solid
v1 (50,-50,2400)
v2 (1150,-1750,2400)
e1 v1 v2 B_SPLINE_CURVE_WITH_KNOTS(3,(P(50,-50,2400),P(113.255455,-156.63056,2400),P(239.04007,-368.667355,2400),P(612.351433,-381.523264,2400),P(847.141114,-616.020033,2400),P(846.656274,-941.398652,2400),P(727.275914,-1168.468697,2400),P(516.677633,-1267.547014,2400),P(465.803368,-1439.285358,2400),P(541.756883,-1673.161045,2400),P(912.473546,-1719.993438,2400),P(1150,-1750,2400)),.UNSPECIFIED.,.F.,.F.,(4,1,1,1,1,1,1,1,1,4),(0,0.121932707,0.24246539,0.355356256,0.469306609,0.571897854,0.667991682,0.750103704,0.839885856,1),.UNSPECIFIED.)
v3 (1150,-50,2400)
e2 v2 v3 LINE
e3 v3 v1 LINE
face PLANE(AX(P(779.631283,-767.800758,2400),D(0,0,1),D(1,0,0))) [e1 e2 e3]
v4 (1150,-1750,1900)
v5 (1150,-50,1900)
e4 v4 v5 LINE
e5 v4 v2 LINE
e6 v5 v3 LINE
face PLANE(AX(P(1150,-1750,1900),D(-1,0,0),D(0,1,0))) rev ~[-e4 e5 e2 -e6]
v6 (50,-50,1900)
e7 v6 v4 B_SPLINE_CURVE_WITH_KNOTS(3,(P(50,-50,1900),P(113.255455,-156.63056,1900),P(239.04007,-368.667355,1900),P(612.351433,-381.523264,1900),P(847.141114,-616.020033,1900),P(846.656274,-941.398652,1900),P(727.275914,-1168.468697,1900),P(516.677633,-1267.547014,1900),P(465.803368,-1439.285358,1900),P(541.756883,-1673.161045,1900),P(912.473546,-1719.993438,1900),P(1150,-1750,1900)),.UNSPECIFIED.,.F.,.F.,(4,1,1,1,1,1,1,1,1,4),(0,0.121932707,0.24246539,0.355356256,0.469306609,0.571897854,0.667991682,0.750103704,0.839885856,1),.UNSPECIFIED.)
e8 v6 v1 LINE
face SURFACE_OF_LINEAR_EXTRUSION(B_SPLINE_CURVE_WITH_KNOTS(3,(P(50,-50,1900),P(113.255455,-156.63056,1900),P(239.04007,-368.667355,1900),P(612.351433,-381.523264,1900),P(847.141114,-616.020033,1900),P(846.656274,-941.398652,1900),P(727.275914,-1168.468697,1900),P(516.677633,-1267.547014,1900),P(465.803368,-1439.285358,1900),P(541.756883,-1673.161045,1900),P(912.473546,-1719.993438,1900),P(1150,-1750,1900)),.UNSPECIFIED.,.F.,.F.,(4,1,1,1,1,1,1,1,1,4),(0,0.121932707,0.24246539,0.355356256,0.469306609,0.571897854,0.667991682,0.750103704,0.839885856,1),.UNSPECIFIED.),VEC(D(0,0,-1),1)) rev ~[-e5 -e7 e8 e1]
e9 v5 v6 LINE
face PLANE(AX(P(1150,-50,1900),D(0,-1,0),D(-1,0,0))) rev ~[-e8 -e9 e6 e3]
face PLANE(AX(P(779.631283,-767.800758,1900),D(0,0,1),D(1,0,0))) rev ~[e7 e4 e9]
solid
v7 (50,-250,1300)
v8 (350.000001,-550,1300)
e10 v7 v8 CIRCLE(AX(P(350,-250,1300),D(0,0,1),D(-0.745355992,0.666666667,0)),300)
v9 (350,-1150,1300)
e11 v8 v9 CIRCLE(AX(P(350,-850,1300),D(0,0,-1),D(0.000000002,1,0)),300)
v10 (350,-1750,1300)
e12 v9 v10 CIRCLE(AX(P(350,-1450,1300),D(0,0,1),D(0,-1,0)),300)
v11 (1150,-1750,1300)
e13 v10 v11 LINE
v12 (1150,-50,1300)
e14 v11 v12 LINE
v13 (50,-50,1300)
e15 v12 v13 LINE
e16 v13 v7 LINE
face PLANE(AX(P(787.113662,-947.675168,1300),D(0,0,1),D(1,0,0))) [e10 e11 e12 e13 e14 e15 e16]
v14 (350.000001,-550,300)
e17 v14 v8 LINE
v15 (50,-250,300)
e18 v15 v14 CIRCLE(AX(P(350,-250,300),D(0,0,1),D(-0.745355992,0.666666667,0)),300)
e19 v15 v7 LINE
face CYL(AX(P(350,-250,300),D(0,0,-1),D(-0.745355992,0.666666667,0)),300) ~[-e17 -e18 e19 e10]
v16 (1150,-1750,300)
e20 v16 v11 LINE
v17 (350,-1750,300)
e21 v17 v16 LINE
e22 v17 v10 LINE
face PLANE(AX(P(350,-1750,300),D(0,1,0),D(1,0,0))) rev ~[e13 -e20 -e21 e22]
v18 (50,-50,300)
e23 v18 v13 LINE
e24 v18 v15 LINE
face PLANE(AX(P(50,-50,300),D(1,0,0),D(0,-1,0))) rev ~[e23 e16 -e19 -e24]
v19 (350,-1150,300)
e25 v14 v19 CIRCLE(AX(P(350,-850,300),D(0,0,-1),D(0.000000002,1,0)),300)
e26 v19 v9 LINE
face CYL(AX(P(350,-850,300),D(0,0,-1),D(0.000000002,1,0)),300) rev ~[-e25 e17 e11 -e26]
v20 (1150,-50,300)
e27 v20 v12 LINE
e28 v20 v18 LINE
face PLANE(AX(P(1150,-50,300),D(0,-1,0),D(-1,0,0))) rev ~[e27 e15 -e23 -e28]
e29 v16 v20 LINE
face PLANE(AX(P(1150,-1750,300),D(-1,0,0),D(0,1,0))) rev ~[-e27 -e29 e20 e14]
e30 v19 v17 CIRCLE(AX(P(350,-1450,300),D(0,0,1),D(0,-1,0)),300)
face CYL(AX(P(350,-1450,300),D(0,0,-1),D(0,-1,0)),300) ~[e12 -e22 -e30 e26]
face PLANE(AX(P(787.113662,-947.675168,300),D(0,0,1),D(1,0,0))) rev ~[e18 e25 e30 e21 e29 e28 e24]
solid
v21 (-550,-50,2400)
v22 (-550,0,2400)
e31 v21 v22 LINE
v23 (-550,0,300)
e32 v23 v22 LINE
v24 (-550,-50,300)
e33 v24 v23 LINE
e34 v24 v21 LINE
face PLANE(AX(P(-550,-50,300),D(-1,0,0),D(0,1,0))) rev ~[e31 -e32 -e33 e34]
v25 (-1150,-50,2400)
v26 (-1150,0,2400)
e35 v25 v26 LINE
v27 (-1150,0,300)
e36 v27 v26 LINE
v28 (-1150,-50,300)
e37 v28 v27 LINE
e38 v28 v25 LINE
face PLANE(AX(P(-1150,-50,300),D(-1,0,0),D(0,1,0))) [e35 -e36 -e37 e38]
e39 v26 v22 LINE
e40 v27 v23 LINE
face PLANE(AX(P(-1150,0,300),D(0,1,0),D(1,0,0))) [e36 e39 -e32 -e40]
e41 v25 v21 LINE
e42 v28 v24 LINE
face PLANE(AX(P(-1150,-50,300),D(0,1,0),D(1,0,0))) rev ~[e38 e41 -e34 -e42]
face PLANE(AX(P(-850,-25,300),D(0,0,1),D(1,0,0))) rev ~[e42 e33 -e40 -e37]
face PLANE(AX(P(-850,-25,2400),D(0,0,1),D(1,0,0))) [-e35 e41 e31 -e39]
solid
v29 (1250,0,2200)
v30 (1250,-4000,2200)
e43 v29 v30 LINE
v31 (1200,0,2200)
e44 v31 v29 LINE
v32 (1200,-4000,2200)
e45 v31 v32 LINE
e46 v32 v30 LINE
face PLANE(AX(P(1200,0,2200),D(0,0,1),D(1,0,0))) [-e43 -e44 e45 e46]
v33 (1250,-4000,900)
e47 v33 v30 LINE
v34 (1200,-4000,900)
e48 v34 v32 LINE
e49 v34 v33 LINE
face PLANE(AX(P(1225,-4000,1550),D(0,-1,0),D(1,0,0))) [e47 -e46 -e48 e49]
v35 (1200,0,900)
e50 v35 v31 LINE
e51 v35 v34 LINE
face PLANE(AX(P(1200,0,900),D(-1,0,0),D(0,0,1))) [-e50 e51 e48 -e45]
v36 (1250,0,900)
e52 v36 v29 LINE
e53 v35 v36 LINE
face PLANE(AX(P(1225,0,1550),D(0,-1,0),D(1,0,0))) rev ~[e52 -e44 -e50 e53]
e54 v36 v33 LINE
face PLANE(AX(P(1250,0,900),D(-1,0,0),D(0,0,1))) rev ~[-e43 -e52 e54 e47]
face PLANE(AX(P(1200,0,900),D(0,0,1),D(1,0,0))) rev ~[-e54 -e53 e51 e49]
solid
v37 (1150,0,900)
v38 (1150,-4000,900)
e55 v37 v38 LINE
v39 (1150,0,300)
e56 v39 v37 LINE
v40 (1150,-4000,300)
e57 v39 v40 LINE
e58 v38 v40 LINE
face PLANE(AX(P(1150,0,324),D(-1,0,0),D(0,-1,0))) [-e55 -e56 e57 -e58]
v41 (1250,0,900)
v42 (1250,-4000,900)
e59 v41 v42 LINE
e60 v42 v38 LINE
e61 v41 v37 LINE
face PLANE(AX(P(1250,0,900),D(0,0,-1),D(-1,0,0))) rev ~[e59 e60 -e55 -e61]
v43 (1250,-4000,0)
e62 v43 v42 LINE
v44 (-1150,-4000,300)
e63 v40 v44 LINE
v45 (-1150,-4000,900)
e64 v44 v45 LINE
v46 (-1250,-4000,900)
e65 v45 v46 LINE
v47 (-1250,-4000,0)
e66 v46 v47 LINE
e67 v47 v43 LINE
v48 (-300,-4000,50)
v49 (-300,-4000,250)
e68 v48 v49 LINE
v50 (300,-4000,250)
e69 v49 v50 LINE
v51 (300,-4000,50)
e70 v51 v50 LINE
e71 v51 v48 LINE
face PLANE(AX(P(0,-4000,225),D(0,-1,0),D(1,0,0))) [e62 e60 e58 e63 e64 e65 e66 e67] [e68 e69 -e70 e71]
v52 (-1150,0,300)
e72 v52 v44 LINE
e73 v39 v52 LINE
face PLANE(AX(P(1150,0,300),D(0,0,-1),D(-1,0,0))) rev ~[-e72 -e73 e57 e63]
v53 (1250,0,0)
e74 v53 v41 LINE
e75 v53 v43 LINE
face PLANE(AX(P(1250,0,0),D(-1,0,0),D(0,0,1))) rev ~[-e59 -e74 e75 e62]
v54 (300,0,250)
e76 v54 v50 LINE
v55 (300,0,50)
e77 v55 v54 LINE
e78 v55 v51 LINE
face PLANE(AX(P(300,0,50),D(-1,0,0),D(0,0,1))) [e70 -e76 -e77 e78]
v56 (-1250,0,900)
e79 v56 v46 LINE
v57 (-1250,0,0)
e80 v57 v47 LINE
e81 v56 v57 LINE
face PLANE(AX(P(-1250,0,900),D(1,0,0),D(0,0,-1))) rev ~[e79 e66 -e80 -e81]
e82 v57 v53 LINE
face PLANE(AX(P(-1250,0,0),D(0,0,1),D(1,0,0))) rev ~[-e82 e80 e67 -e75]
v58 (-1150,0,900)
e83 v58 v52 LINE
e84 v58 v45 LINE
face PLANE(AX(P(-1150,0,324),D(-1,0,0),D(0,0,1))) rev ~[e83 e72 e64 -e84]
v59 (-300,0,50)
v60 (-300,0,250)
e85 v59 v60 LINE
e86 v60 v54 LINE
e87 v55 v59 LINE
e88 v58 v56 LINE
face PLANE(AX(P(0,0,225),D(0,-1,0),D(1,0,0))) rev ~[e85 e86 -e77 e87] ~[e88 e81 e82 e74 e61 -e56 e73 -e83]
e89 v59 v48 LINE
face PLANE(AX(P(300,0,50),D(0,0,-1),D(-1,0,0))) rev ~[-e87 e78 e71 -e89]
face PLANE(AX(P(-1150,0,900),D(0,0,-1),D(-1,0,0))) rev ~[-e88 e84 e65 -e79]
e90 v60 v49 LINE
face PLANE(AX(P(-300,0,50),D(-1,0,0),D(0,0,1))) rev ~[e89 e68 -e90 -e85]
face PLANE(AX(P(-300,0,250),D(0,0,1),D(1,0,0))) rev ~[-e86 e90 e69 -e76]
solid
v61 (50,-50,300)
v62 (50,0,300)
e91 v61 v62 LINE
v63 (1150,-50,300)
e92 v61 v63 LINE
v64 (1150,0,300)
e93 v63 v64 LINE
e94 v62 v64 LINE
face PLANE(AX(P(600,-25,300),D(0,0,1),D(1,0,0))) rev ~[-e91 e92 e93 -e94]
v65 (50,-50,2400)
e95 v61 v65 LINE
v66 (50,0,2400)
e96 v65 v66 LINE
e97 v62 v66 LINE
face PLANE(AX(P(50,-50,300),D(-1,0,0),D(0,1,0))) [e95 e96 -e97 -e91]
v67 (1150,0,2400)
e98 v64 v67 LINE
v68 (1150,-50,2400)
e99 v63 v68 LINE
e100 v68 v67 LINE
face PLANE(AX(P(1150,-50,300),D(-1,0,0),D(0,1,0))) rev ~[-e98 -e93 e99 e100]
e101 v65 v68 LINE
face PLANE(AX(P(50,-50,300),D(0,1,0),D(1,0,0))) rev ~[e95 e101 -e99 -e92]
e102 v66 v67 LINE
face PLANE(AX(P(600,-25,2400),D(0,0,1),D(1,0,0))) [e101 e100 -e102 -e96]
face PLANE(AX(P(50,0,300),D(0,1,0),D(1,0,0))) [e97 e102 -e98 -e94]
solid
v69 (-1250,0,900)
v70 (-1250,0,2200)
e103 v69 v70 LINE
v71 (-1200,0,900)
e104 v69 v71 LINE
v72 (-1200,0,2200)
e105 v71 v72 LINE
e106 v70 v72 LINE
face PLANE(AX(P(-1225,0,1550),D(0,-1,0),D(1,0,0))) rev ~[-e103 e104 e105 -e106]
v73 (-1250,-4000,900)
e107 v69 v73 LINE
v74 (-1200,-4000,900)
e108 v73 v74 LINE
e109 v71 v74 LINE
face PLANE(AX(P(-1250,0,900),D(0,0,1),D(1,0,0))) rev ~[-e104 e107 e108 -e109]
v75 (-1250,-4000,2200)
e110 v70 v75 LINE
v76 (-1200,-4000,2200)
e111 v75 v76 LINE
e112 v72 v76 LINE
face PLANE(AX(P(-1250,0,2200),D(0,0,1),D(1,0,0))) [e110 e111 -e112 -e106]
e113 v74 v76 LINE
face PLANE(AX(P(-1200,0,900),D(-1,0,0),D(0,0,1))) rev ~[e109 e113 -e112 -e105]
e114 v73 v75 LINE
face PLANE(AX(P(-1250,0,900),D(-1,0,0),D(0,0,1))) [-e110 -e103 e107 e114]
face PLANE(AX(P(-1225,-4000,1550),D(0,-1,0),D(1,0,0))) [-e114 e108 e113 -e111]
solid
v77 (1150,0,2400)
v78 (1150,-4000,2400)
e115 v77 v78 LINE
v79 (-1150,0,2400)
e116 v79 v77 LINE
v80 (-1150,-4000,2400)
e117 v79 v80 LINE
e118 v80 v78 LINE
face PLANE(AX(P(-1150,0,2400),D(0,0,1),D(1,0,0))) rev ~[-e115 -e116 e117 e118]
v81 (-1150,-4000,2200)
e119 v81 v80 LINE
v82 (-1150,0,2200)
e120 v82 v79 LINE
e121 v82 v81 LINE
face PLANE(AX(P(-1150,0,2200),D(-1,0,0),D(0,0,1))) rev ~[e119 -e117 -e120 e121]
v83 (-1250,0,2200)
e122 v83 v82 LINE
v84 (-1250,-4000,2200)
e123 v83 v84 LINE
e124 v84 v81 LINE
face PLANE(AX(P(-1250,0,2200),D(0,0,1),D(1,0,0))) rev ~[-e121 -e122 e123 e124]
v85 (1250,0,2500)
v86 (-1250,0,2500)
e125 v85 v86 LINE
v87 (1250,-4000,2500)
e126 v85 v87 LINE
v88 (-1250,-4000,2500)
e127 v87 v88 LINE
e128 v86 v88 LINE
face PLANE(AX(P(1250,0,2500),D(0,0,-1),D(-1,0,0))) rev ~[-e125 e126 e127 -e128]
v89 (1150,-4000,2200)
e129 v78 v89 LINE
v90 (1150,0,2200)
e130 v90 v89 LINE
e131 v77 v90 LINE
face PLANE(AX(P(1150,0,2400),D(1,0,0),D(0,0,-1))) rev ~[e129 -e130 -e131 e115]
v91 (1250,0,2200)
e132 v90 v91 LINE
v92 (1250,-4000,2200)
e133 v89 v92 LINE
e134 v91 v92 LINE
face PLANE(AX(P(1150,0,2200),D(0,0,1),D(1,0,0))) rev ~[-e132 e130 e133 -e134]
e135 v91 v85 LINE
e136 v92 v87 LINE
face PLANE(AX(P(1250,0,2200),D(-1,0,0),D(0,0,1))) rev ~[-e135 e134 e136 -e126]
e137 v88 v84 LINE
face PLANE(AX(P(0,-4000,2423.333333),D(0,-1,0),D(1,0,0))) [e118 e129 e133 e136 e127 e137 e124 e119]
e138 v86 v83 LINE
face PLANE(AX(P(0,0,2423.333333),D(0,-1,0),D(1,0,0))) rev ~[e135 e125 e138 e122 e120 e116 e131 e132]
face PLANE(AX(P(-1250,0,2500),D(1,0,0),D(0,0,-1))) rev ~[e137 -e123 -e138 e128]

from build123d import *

# Parameters (mm, degrees)
F0_W      = 850
F0_H      = 200
F1_DEPTH  = 4000
F0_W_2    = 50
F0_H_2    = 1300
F2_DEPTH  = 4000
F3_DEPTH  = 24
F4_W      = 600
F4_H      = 50
F5_DEPTH  = 2100
F4_W_2    = 1100
F7_DEPTH  = 1000
F9_DEPTH  = 600
F11_DEPTH = 500


with BuildPart() as f1:
    # F0 (on Front) → F1 (new body)
    with BuildSketch(Plane.XZ):
        Polygon((-1250, 0), (0, 0), (1250, 0), (1250, 900), (1200, 900), (1150, 900), (1150, 324), (1150, 250), (1150, 50), (300, 50), (-300, 50), (-1150, 50), (-1150, 250), (-1150, 324), (-1150, 900), (-1200, 900), (-1250, 900), align=None)
        with Locations((725, 150)):
            Rectangle(F0_W, F0_H)
        with Locations((-725, 150)):
            Rectangle(F0_W, F0_H)
        Polygon((1150, 250), (1150, 324), (-1150, 324), (-1150, 250), (-300, 250), (300, 250), align=None)
    extrude(amount=F1_DEPTH)

    # F3 (cut): a face of the model
    f3_faces = [f1.faces().sort_by_distance(p)[0] for p in [
        (0, -2000, 324),
    ]]
    extrude(f3_faces, amount=-F3_DEPTH, mode=Mode.SUBTRACT)


with BuildPart() as f1b:
    # F0 (on Front) → F1, piece 2 (new body)
    with BuildSketch(Plane.XZ):
        Polygon((1200, 2200), (1250, 2200), (1250, 2500), (-1250, 2500), (-1250, 2200), (-1200, 2200), (-1150, 2200), (-1150, 2400), (1150, 2400), (1150, 2200), align=None)
    extrude(amount=F1_DEPTH)


with BuildPart() as f2:
    # F0 (on Front) → F2 (new body)
    with BuildSketch(Plane.XZ):
        with Locations((-1225, 1550)):
            Rectangle(F0_W_2, F0_H_2)
    extrude(amount=F2_DEPTH)


with BuildPart() as f2b:
    # F0 (on Front) → F2, piece 2 (new body)
    with BuildSketch(Plane.XZ):
        with Locations((1225, 1550)):
            Rectangle(F0_W_2, F0_H_2)
    extrude(amount=F2_DEPTH)


with BuildPart() as f5:
    # F4 (on face) → F5 (new body)
    with BuildSketch(Plane.XY.offset(300)):
        with Locations((-850, -25)):
            Rectangle(F4_W, F4_H)
    extrude(amount=F5_DEPTH)


with BuildPart() as f5b:
    # F4 (on face) → F5, piece 2 (new body)
    with BuildSketch(Plane.XY.offset(300)):
        with Locations((600, -25)):
            Rectangle(F4_W_2, F4_H)
    extrude(amount=F5_DEPTH)


with BuildPart() as f7:
    # F6 (on face) → F7 (new body)
    with BuildSketch(Plane.XY.offset(300)):
        with BuildLine():
            ThreePointArc((350.0000006451, -550), (562.1320345841, -637.8679658721), (650, -850))
            ThreePointArc((650, -850), (562.132034356, -1062.132034356), (350, -1150))
            ThreePointArc((350, -1150), (562.132034356, -1237.867965644), (650, -1450))
            ThreePointArc((650, -1450), (562.132034356, -1662.132034356), (350, -1750))
            Line((350, -1750), (1150, -1750))
            Line((1150, -1750), (1150, -50))
            Line((1150, -50), (573.60679775, -50))
            ThreePointArc((573.60679775, -50), (630.2517076888, -142.9533730681), (650, -250))
            ThreePointArc((650, -250), (562.132034584, -462.1320341279), (350.0000006451, -550))
        make_face()
        with BuildLine():
            ThreePointArc((650, -1450), (562.132034356, -1237.867965644), (350, -1150))
            ThreePointArc((350, -1150), (50, -1450), (350, -1750))
            ThreePointArc((350, -1750), (562.132034356, -1662.132034356), (650, -1450))
        make_face()
        with BuildLine():
            ThreePointArc((50, -250), (137.8679658721, -462.1320345841), (350.0000006451, -550))
            ThreePointArc((350.0000006451, -550), (562.132034584, -462.1320341279), (650, -250))
            ThreePointArc((650, -250), (630.2517076888, -142.9533730681), (573.60679775, -50))
            Line((573.60679775, -50), (126.39320225, -50))
            ThreePointArc((126.39320225, -50), (69.7482923112, -142.9533730681), (50, -250))
        make_face()
        with BuildLine():
            Line((50, -50), (50, -250))
            ThreePointArc((50, -250), (69.7482923112, -142.9533730681), (126.39320225, -50))
            Line((126.39320225, -50), (50, -50))
        make_face()
    extrude(amount=F7_DEPTH)


with BuildPart() as f9:
    # F8 (on face) → F9 (new body)
    with BuildSketch(Plane.XY.offset(1300)):
        with BuildLine():
            ThreePointArc((50, -250), (137.8679658721, -462.1320345841), (350.0000006451, -550))
            ThreePointArc((350.0000006451, -550), (650, -850.0000003226), (350, -1150))
            ThreePointArc((350, -1150), (50, -1450), (350, -1750))
            Line((350, -1750), (1150, -1750))
            Line((1150, -1750), (1150, -50))
            Line((1150, -50), (50, -50))
            Line((50, -50), (50, -250))
        make_face()
    extrude(amount=F9_DEPTH)


with BuildPart() as f11:
    # F10 (on face) → F11 (new body)
    with BuildSketch(Plane.XY.offset(1900)):
        with BuildLine():
            Line((1150, -50), (50, -50))
            add(Edge.make_bspline(
                [(50, -50), (113.2554549854, -156.6305603234), (239.04006967, -368.6673553634), (612.351433458, -381.5232642853), (847.1411136261, -616.0200329402), (846.6562743178, -941.398651859), (727.2759144798, -1168.4686969846), (516.6776333738, -1267.5470144766), (465.8033677392, -1439.2853578448), (541.7568834276, -1673.1610446208), (912.4735460433, -1719.9934383149), (1150, -1750)],
                knots=[0, 0, 0, 0, 0.1219327069, 0.2424653898, 0.3553562562, 0.4693066088, 0.5718978543, 0.6679916823, 0.750103704, 0.8398858562, 1, 1, 1, 1], degree=3))
            Line((1150, -1750), (1150, -50))
        make_face()
    extrude(amount=F11_DEPTH)


solid = Compound([f1.part, f1b.part, f2.part, f2b.part, f5.part, f5b.part, f7.part, f11.part])
